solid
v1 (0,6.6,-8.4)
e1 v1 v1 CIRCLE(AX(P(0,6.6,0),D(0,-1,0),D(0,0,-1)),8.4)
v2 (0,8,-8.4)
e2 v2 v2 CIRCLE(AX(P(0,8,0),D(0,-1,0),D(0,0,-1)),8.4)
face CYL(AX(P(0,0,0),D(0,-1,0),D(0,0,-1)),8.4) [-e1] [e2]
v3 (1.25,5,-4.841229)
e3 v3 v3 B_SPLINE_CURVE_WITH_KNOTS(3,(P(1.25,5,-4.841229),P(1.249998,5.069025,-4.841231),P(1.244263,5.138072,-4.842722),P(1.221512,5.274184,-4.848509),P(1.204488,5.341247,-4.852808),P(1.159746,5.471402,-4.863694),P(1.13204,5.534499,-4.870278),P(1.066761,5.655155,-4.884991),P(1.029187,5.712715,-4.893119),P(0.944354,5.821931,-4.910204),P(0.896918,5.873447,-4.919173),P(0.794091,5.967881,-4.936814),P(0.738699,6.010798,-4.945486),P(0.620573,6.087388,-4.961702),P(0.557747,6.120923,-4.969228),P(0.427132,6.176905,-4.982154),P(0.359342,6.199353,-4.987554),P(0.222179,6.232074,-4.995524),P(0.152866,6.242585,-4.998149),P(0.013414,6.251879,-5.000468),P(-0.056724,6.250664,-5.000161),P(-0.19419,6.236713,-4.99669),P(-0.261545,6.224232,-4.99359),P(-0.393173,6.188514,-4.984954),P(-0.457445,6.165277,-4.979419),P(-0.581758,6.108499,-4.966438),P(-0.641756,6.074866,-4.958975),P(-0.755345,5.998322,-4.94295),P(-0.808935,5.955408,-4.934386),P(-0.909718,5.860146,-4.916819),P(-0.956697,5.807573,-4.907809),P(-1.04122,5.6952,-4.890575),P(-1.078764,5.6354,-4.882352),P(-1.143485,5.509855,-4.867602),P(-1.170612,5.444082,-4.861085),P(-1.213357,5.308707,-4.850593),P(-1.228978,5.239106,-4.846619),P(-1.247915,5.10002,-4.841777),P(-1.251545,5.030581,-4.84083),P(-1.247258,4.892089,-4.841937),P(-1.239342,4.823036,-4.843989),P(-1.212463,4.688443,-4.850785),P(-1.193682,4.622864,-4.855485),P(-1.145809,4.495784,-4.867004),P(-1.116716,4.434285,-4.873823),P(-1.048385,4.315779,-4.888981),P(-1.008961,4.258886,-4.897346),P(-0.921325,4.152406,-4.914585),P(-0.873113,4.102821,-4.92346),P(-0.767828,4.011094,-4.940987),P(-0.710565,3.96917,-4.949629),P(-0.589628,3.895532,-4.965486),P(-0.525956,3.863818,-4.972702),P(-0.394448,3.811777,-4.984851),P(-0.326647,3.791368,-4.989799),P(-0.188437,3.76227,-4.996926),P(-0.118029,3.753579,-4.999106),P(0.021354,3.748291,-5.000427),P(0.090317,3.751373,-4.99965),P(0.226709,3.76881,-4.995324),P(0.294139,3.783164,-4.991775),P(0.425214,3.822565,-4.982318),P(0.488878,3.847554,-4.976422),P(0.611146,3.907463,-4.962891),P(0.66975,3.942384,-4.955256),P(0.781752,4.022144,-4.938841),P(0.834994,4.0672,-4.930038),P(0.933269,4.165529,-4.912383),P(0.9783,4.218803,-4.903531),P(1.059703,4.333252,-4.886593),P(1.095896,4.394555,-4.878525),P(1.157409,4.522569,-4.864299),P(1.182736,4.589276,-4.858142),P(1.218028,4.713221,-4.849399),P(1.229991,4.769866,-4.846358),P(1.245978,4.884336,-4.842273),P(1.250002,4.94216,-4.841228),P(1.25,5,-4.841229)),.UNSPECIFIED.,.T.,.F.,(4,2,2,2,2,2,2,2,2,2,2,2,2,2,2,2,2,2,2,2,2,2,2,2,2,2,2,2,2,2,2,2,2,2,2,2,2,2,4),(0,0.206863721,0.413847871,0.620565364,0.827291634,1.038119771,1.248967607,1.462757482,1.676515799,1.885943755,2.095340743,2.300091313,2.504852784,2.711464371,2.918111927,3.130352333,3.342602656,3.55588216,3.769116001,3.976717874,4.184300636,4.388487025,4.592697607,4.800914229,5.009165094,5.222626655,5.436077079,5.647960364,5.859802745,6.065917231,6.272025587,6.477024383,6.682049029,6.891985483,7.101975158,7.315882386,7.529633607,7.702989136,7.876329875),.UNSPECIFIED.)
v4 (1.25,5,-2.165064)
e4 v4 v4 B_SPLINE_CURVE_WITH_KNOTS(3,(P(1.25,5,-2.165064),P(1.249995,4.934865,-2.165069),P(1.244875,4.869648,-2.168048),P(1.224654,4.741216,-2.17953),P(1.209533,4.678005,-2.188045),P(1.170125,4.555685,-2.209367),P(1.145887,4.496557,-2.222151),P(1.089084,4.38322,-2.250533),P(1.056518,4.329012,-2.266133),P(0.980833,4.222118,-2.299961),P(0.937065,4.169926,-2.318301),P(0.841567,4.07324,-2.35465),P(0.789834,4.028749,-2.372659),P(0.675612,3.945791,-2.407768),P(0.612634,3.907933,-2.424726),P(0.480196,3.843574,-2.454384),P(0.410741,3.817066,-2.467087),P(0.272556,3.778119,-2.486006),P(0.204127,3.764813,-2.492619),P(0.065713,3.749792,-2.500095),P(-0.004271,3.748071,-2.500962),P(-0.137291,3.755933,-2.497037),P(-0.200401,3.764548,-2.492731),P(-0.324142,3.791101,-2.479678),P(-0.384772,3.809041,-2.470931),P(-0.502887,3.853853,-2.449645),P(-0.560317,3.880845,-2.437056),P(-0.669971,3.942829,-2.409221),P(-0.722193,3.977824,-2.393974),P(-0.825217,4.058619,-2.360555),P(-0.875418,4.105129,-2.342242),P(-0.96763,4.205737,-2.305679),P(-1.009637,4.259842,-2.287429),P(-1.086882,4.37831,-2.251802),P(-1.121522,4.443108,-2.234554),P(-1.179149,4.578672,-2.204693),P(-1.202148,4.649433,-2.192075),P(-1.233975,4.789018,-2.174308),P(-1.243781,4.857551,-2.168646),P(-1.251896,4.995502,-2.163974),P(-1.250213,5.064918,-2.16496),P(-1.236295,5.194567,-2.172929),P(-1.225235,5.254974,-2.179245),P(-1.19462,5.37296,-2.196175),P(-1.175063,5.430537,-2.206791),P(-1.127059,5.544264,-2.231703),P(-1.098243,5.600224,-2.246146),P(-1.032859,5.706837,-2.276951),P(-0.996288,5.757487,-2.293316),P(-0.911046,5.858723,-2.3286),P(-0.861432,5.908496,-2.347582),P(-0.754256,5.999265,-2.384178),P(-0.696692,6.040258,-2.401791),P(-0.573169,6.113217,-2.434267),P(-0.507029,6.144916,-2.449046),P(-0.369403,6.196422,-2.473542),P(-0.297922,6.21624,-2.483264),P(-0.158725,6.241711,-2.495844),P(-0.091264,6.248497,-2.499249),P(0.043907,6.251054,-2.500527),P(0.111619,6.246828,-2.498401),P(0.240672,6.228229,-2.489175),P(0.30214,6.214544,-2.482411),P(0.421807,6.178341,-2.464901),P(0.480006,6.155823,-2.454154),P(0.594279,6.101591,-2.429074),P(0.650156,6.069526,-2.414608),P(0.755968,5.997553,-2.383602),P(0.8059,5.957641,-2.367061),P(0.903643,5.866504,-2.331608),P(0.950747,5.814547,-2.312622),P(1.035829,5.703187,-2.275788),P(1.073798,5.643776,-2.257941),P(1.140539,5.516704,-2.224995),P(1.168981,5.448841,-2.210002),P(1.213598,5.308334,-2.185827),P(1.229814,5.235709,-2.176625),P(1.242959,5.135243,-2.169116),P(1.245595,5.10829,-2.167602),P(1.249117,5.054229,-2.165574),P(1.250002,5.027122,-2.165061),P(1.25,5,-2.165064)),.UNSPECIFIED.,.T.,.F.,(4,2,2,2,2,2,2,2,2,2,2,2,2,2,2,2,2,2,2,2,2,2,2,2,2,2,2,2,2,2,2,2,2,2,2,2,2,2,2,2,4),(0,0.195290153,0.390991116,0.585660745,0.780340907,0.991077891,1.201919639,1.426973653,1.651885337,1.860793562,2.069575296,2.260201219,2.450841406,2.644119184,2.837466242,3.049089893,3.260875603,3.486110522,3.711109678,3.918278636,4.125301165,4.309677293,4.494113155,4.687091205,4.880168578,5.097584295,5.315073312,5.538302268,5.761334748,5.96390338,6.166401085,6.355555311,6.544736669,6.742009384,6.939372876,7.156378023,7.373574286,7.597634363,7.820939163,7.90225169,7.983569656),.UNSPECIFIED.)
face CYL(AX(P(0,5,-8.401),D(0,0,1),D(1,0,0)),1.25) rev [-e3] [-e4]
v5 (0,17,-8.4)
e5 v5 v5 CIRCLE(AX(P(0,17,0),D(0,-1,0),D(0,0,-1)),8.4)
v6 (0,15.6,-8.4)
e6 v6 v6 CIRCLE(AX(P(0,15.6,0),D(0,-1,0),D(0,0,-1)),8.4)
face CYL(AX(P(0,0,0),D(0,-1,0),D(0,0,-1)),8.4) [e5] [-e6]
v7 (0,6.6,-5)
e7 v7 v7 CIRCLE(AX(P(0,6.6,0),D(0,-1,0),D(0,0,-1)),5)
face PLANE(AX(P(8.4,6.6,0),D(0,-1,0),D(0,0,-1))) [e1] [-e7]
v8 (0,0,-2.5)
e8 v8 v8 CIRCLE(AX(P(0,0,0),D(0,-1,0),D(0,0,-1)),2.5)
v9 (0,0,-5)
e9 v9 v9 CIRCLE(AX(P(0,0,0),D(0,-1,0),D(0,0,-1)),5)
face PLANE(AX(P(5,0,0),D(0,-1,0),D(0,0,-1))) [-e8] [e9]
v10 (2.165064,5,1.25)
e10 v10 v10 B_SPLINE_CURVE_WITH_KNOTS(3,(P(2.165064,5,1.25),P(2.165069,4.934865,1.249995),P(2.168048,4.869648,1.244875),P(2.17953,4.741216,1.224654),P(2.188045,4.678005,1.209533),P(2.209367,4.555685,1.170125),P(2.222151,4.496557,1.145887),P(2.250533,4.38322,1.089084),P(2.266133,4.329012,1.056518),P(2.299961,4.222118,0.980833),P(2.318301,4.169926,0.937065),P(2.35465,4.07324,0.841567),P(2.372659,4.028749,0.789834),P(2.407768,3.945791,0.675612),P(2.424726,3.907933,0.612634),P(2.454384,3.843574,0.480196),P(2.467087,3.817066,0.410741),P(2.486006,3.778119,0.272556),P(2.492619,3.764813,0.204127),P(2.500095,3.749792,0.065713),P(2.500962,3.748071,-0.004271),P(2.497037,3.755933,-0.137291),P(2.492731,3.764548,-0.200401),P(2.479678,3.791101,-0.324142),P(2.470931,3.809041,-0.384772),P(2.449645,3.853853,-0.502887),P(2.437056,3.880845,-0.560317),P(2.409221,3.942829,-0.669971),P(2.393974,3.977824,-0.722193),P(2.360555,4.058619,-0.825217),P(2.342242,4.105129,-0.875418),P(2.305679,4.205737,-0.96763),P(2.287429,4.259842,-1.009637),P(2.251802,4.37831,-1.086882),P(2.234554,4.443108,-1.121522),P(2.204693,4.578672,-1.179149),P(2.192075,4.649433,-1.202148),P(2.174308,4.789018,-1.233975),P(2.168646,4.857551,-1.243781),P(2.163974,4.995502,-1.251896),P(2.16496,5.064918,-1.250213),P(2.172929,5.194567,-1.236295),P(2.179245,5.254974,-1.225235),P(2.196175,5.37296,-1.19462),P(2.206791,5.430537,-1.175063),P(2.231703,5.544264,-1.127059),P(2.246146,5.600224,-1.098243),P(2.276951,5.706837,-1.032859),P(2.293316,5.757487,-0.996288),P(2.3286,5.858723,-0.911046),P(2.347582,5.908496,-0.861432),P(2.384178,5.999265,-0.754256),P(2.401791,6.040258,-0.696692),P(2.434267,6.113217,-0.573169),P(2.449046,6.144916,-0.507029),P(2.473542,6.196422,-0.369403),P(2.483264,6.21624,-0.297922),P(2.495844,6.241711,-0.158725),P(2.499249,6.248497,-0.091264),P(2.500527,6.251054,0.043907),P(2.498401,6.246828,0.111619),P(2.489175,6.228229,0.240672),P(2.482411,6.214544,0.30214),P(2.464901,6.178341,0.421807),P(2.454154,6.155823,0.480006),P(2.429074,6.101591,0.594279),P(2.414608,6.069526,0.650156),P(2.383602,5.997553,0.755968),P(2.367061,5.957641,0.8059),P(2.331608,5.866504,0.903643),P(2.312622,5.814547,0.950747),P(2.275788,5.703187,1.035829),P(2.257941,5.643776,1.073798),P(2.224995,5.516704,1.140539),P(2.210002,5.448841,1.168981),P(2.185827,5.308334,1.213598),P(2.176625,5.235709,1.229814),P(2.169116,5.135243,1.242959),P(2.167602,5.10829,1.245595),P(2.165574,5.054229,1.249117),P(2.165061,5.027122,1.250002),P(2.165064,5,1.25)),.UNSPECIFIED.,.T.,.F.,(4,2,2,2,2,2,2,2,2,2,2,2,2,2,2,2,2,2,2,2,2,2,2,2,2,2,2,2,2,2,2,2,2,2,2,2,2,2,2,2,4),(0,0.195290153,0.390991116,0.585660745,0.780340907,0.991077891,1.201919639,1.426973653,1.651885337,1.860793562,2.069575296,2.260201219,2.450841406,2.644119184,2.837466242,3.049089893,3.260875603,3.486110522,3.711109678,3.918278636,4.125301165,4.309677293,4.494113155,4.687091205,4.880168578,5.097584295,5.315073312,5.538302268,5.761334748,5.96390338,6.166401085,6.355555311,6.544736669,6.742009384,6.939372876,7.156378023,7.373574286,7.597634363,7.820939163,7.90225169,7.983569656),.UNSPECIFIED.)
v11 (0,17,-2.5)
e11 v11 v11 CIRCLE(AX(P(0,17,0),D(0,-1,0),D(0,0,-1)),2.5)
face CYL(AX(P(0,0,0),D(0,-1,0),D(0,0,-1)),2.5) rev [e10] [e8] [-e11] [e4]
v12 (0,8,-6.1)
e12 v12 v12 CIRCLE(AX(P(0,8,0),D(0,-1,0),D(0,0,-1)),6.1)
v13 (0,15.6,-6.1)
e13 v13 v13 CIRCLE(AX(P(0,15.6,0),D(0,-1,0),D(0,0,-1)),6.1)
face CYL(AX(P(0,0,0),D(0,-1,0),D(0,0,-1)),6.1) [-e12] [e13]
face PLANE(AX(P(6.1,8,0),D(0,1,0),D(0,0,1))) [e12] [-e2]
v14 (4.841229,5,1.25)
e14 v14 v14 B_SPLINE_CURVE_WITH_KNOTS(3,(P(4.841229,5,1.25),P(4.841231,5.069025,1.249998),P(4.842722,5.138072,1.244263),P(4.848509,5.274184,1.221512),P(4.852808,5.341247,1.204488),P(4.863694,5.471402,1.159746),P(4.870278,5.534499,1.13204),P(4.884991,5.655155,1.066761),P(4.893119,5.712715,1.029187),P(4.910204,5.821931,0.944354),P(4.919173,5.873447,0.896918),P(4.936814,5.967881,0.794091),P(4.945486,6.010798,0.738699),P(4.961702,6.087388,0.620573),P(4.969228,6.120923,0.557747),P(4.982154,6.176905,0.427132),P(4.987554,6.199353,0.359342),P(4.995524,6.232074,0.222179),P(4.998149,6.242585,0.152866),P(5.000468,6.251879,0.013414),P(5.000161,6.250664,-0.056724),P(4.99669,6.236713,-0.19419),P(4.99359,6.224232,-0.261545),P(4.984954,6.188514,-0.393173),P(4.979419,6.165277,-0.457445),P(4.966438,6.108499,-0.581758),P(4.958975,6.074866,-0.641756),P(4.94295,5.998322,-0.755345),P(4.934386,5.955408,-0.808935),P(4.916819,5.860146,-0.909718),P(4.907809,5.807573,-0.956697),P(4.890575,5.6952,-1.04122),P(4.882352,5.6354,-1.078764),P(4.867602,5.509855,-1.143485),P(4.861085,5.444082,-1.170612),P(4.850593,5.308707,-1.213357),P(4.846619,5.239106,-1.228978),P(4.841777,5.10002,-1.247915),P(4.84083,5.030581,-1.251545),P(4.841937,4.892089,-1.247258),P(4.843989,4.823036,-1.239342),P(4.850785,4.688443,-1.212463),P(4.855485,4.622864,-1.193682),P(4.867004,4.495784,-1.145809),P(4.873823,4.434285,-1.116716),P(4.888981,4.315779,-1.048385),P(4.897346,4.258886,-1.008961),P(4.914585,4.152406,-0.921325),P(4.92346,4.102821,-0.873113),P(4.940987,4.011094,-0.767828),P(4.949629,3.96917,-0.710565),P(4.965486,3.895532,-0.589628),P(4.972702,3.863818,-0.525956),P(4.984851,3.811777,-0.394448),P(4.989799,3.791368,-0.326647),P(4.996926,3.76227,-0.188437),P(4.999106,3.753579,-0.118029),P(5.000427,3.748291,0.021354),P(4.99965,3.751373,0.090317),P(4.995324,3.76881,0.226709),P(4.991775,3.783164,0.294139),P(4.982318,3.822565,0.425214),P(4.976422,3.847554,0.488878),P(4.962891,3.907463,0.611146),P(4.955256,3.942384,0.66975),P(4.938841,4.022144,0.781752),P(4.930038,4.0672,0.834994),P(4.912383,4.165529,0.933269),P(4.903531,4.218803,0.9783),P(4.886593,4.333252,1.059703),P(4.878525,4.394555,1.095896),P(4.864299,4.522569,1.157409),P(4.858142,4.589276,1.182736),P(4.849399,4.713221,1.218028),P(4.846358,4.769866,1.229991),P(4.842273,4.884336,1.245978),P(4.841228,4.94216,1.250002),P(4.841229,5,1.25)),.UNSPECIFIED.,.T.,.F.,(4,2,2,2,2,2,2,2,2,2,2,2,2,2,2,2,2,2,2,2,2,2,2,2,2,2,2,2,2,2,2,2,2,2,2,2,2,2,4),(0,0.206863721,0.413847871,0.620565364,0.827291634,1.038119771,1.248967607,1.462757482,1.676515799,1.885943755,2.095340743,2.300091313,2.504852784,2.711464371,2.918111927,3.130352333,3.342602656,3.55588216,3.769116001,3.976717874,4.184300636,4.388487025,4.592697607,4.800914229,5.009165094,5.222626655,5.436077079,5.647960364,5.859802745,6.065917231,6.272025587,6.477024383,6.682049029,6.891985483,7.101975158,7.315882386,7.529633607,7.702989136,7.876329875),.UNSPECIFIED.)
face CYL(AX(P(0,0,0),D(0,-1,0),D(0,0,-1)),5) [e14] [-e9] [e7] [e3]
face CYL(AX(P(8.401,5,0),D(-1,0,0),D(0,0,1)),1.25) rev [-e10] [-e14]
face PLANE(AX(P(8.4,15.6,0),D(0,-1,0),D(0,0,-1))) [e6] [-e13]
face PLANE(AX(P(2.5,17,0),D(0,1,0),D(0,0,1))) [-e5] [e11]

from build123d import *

# Parameters (mm, degrees)
CORTAR_EXTRUIR1_REACH      = 22.739
CORTAR_EXTRUIR1_END_RADIUS = 5
CROQUIS2_R                 = 1.25
MATRIZC1_COUNT             = 2
MATRIZC1_ANGLE             = 90


with BuildPart() as part:
    # Croquis1 → Revolución1 (revolve)
    with BuildSketch(Plane.XY, mode=Mode.PRIVATE) as revoluci_n1_sk:
        Polygon((8.4, 6.6), (5, 6.6), (5, 0), (2.5, 0), (2.5, 17), (8.4, 17), (8.4, 15.6), (6.1, 15.6), (6.1, 8), (8.4, 8), align=None)
    revolve(revoluci_n1_sk.sketch.rotate(Axis((0, 0, 0), (0, 1, 0)), 90), axis=Axis((0, 0, 0), (0, 1, 0)))

    # Cortar-Extruir1: up to this cylinder (the profile starts inside it)
    cortar_extruir1_end = Plane(origin=(0, 5, 0), z_dir=(0, -1, 0)) * Cylinder(CORTAR_EXTRUIR1_END_RADIUS, 56.478, mode=Mode.PRIVATE)
    # Croquis2 → Cortar-Extruir1 (cut, up to the surface)
    with BuildSketch(Plane.XY, mode=Mode.PRIVATE) as cortar_extruir1_sk1:
        with Locations((0, 5)):
            Circle(CROQUIS2_R)
    cortar_extruir1_tool1 = extrude(cortar_extruir1_sk1.sketch, amount=-CORTAR_EXTRUIR1_REACH, mode=Mode.PRIVATE) & cortar_extruir1_end
    cortar_extruir1 = cortar_extruir1_tool1.solids().sort_by_distance((0, 5, 0))[0]
    add(cortar_extruir1, mode=Mode.SUBTRACT)

    # MatrizC1: Cortar-Extruir1 ×2 about axis
    matrizc1_axis = Axis((0, 0, 0), (0, -1, 0))
    for i in range(1, MATRIZC1_COUNT):
        add(cortar_extruir1.rotate(matrizc1_axis, i * MATRIZC1_ANGLE / (MATRIZC1_COUNT - 1)), mode=Mode.SUBTRACT)


solid = part.part
